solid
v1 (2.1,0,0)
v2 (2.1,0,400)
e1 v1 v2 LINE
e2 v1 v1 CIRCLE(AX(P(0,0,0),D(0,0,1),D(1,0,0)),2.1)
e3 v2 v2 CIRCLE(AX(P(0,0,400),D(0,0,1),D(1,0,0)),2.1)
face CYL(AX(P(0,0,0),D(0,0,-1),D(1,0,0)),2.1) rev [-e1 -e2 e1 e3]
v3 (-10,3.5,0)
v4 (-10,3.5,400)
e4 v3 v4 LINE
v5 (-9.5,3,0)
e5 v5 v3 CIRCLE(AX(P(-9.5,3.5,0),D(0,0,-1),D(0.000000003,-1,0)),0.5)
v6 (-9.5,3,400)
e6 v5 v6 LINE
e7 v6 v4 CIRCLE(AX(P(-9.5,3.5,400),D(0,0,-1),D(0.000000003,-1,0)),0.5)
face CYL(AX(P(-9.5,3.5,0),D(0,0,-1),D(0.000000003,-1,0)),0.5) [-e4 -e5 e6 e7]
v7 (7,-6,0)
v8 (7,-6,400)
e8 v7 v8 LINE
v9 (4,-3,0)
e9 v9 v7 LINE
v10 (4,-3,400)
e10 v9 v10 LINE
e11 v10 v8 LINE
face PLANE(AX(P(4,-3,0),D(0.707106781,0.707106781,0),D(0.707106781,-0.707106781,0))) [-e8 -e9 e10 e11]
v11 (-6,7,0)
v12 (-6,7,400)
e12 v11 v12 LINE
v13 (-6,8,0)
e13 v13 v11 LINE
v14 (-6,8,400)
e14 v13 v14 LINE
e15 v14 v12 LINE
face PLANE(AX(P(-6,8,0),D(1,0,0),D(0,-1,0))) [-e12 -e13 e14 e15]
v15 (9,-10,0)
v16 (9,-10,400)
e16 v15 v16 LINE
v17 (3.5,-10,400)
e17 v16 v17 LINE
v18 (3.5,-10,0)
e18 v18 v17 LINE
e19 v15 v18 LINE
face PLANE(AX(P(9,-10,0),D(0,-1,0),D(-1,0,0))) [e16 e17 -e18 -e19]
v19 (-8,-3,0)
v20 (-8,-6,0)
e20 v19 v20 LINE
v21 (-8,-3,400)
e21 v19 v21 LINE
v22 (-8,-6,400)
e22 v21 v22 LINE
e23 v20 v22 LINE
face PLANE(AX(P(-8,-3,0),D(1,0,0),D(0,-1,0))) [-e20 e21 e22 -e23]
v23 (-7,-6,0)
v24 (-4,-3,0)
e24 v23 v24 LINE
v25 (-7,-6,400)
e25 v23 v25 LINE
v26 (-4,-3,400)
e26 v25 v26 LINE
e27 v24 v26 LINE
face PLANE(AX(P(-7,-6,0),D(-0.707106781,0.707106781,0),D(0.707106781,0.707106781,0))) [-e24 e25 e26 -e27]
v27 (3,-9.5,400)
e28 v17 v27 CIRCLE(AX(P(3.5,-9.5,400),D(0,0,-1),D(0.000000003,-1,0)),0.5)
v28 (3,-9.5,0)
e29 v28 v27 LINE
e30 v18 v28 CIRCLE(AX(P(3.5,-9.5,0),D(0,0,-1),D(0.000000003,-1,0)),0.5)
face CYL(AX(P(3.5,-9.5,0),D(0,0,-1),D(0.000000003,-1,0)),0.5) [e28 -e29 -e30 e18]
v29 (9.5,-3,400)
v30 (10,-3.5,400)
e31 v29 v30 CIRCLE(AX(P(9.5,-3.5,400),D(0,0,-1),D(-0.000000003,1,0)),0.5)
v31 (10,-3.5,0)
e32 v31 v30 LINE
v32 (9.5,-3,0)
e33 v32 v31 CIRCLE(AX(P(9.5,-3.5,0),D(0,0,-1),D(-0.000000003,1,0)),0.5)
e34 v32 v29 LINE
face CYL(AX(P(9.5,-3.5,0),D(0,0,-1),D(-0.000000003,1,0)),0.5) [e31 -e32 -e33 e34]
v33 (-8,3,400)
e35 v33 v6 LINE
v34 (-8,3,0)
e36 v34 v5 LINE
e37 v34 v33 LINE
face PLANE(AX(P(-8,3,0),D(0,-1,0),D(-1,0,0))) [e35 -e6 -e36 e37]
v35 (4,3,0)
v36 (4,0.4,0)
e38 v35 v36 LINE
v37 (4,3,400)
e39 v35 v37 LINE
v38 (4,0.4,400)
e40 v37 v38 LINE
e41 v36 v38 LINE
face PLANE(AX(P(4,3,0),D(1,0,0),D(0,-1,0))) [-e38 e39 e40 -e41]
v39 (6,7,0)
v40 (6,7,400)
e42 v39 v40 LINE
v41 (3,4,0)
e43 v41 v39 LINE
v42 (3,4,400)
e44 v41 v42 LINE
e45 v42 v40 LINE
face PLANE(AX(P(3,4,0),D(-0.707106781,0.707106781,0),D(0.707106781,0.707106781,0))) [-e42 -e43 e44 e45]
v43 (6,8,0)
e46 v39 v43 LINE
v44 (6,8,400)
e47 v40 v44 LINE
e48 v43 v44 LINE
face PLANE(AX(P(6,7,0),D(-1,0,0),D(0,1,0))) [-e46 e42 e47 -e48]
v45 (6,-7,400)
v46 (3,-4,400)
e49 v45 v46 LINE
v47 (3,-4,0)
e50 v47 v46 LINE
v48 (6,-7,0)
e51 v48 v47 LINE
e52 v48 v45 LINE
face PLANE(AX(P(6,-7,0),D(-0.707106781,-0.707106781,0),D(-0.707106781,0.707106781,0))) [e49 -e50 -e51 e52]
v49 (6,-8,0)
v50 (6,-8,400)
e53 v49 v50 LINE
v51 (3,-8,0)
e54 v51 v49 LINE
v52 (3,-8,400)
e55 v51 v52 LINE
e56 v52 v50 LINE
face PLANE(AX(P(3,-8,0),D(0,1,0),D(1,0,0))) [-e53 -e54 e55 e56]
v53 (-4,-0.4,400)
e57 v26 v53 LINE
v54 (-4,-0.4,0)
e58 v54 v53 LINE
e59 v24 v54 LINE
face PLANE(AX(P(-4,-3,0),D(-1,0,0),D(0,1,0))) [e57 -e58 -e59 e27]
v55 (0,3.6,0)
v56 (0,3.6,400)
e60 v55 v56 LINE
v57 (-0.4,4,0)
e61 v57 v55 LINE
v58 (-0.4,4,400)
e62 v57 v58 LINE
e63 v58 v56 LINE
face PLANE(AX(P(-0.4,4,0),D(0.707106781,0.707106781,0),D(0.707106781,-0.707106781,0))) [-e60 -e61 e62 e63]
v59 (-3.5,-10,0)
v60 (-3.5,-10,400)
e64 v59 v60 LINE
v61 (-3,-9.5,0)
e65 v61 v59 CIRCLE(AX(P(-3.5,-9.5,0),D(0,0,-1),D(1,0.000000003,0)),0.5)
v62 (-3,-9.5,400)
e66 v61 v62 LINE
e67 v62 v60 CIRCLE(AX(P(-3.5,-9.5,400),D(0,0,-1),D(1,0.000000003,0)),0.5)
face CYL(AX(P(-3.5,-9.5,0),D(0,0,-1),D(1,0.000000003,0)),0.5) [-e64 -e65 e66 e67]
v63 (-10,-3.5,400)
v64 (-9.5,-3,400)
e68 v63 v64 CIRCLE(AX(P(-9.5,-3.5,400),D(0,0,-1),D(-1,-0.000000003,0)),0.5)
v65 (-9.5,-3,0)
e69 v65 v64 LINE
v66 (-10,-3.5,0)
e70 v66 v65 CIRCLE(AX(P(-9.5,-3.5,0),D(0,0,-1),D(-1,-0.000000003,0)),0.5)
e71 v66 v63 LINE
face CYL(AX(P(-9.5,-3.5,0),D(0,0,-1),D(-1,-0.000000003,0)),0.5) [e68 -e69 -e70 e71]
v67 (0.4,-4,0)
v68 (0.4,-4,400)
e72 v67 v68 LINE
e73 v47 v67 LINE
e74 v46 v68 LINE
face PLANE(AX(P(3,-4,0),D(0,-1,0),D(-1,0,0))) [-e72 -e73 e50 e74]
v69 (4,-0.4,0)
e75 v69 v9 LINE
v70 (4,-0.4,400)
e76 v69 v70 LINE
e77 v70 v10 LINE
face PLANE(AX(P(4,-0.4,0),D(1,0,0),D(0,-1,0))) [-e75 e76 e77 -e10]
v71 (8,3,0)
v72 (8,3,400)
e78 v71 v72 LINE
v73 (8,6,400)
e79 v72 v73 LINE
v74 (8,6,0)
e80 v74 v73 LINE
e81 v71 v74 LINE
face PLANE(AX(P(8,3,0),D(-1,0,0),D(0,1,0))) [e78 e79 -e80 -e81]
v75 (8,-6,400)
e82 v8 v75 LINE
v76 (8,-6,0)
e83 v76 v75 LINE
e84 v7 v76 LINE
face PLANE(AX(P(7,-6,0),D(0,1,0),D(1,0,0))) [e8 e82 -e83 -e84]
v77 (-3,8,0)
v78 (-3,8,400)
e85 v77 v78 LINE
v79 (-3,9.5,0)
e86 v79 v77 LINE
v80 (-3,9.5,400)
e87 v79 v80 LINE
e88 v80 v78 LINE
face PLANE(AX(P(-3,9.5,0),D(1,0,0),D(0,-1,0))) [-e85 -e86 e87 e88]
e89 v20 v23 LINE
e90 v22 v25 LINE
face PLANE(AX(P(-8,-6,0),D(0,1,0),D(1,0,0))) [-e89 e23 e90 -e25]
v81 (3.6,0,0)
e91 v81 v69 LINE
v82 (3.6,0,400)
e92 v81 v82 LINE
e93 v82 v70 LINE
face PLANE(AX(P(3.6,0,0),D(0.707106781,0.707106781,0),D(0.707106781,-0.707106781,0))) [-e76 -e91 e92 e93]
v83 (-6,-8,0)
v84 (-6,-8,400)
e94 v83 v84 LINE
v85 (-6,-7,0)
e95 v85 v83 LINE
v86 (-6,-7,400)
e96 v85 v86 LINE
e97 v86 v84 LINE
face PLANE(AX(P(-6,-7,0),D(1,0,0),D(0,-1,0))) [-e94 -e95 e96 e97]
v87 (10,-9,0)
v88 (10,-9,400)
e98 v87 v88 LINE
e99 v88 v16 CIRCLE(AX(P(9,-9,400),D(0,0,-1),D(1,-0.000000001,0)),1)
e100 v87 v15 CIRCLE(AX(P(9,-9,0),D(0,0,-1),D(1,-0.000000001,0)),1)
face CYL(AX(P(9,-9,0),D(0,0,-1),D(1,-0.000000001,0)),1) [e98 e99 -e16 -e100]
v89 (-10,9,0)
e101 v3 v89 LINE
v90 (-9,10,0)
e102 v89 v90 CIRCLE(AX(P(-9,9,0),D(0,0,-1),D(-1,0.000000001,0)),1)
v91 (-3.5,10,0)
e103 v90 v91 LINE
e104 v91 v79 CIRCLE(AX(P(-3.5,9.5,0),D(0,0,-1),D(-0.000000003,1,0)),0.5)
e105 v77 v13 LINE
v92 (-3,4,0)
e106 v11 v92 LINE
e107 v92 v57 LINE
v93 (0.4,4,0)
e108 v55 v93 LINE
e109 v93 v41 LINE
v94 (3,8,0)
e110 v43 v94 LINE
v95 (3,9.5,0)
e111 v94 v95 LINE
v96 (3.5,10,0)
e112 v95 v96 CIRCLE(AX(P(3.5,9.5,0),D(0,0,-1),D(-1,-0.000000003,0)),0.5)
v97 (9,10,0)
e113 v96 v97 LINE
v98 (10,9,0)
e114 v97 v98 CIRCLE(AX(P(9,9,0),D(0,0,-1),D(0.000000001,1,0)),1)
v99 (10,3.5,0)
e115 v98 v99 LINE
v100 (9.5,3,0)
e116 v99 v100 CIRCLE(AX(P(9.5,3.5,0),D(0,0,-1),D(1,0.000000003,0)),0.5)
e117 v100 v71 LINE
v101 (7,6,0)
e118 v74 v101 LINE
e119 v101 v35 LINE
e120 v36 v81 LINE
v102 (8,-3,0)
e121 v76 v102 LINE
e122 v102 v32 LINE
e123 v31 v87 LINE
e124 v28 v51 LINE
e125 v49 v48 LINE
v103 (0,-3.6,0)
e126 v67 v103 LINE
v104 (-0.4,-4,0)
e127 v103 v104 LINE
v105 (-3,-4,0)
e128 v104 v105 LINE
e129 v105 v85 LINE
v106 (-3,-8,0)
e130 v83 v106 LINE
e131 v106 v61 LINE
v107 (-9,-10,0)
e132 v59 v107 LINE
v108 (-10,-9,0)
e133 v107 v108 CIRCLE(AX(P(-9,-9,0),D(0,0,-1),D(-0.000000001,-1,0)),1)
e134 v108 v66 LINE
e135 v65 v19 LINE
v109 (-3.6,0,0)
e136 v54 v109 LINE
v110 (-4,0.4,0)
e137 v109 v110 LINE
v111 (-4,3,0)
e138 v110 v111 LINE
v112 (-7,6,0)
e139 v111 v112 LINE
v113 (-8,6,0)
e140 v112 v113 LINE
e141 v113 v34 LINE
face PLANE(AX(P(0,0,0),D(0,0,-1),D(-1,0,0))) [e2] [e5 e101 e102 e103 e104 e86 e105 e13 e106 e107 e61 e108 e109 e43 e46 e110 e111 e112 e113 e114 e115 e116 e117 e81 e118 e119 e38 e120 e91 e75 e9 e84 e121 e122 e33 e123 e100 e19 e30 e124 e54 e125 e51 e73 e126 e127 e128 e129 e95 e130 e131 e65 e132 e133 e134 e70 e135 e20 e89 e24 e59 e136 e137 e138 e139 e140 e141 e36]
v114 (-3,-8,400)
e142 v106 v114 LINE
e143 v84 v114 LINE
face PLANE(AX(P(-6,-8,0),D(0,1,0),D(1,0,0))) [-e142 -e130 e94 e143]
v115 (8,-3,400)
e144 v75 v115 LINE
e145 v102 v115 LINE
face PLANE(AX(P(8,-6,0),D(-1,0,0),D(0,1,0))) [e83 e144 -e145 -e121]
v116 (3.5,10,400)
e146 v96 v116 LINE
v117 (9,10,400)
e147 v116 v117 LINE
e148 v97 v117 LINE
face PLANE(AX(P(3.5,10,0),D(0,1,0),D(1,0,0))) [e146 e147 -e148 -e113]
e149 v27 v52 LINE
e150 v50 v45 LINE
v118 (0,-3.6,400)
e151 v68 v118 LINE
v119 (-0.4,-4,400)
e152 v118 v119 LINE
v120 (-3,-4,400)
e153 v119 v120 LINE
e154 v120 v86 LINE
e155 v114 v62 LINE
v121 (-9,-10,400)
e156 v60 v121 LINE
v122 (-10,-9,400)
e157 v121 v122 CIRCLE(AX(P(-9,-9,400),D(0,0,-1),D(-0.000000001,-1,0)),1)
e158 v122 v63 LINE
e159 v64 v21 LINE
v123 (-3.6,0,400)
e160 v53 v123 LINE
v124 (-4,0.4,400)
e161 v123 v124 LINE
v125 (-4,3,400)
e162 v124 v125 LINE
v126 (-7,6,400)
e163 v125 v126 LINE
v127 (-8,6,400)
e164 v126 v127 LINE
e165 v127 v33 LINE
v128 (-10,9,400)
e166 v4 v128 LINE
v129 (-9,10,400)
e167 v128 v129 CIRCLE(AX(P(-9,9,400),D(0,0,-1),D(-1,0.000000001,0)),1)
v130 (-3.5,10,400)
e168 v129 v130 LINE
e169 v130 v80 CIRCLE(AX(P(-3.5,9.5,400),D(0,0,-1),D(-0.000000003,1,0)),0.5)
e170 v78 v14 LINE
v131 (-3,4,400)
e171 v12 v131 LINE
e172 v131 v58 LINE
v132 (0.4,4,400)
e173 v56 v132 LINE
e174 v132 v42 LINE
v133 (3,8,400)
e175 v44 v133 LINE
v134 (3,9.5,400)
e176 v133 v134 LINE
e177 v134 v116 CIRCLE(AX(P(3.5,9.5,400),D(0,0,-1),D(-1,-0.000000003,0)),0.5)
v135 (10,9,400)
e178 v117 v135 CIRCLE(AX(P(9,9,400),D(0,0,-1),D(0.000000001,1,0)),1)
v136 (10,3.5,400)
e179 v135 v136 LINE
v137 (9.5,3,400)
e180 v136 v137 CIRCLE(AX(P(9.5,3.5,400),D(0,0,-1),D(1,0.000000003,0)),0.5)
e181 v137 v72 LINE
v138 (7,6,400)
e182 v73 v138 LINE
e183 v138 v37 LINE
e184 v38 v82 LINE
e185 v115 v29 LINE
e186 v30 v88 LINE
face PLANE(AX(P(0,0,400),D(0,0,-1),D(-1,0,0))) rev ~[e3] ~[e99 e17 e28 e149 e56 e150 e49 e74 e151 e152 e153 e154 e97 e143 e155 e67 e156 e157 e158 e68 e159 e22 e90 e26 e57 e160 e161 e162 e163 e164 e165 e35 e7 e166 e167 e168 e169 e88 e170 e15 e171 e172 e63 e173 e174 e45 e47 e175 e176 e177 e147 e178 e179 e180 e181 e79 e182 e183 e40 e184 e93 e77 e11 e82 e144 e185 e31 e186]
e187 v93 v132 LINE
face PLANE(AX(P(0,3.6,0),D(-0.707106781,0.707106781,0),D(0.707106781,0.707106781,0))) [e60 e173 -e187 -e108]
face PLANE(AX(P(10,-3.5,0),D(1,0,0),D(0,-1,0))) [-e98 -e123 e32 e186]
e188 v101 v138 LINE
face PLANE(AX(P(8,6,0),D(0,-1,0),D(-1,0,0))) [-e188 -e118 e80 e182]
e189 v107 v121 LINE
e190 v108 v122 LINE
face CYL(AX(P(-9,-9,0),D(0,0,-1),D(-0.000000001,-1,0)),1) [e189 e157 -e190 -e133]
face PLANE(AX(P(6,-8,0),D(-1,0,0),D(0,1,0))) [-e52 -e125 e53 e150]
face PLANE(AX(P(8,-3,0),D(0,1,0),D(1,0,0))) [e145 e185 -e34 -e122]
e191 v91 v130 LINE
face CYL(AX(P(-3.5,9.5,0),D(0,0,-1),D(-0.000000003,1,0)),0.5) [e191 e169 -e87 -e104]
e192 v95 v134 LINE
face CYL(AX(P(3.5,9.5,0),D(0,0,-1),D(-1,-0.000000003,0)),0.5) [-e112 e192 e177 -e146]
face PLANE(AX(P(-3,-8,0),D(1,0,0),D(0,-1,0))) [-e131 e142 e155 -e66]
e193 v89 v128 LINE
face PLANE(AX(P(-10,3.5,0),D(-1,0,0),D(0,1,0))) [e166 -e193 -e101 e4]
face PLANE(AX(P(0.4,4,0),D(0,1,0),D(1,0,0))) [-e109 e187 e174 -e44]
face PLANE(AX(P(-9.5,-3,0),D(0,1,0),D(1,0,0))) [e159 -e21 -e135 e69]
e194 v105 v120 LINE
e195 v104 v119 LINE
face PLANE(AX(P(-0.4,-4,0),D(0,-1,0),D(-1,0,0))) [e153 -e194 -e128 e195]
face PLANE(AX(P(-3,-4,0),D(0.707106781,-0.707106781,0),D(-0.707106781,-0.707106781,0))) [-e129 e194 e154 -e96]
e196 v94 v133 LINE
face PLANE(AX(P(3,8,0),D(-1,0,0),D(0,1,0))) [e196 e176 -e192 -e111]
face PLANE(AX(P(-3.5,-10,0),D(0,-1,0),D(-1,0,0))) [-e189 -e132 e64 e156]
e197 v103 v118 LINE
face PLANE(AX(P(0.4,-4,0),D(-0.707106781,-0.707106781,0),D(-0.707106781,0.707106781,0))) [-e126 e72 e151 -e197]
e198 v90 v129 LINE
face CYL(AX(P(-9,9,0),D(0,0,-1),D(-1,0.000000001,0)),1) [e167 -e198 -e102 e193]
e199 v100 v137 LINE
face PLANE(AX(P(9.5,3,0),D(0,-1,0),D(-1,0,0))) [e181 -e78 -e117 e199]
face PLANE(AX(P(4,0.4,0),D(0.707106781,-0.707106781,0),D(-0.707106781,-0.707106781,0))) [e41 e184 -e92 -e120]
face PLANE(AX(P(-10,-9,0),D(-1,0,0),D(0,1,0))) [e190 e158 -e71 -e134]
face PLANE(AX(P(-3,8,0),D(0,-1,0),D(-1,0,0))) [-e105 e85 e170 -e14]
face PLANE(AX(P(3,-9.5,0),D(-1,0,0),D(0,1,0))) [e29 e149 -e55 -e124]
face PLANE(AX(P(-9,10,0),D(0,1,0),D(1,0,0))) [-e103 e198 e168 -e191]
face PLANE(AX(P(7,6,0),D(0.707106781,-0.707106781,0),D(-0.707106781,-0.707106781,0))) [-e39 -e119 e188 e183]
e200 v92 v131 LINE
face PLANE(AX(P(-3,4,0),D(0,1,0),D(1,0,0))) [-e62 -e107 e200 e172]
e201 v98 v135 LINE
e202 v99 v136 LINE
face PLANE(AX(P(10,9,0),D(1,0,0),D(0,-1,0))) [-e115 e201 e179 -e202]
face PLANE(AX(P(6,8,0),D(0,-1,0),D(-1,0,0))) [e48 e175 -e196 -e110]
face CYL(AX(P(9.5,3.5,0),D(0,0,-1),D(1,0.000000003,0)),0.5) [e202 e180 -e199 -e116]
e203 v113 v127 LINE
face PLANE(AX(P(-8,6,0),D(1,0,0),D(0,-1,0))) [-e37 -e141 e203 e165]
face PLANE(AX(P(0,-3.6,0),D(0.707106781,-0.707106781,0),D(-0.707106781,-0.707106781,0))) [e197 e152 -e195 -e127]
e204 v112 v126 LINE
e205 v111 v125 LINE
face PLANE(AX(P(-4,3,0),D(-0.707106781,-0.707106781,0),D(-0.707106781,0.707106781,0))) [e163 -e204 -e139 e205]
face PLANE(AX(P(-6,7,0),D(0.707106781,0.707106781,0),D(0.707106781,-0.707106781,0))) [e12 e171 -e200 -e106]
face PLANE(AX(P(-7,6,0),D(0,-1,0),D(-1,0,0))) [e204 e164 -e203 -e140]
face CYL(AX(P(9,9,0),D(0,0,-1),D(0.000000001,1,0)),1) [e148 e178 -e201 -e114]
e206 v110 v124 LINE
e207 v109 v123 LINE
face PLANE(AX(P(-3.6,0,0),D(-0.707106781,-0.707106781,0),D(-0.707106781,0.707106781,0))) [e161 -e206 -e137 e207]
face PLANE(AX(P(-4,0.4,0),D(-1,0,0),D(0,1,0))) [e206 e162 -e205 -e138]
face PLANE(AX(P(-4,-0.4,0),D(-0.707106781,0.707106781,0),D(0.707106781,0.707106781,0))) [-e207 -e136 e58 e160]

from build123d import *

# Parameters (mm, degrees)
SCHIZZO1_R                   = 2.1
ESTRUSIONE_ESTRUSIONE1_DEPTH = 400


with BuildPart() as part:
    # Schizzo1 → Estrusione-Estrusione1 (new body)
    with BuildSketch(Plane.XY):
        with BuildLine():
            Line((-3.6, 0), (-4, 0.4))
            Line((-4, 0.4), (-4, 3))
            Line((-4, 3), (-7, 6))
            Line((-7, 6), (-8, 6))
            Line((-8, 6), (-8, 3))
            Line((-8, 3), (-9.5, 3))
            ThreePointArc((-9.5, 3), (-9.853553391, 3.146446609), (-10, 3.5))
            Line((-10, 3.5), (-10, 9))
            ThreePointArc((-10, 9), (-9.707106781, 9.707106781), (-9, 10))
            Line((-9, 10), (-3.5, 10))
            ThreePointArc((-3.5, 10), (-3.146446609, 9.853553391), (-3, 9.5))
            Line((-3, 9.5), (-3, 8))
            Line((-3, 8), (-6, 8))
            Line((-6, 8), (-6, 7))
            Line((-6, 7), (-3, 4))
            Line((-3, 4), (-0.4, 4))
            Line((-0.4, 4), (0, 3.6))
            Line((0, 3.6), (0.4, 4))
            Line((0.4, 4), (3, 4))
            Line((3, 4), (6, 7))
            Line((6, 7), (6, 8))
            Line((6, 8), (3, 8))
            Line((3, 8), (3, 9.5))
            ThreePointArc((3, 9.5), (3.146446609, 9.853553391), (3.5, 10))
            Line((3.5, 10), (9, 10))
            ThreePointArc((9, 10), (9.707106781, 9.707106781), (10, 9))
            Line((10, 9), (10, 3.5))
            ThreePointArc((10, 3.5), (9.853553391, 3.146446609), (9.5, 3))
            Line((9.5, 3), (8, 3))
            Line((8, 3), (8, 6))
            Line((8, 6), (7, 6))
            Line((7, 6), (4, 3))
            Line((4, 3), (4, 0.4))
            Line((4, 0.4), (3.6, 0))
            Line((3.6, 0), (4, -0.4))
            Line((4, -0.4), (4, -3))
            Line((4, -3), (7, -6))
            Line((7, -6), (8, -6))
            Line((8, -6), (8, -3))
            Line((8, -3), (9.5, -3))
            ThreePointArc((9.5, -3), (9.853553391, -3.146446609), (10, -3.5))
            Line((10, -3.5), (10, -9))
            ThreePointArc((10, -9), (9.707106781, -9.707106781), (9, -10))
            Line((9, -10), (3.5, -10))
            ThreePointArc((3.5, -10), (3.146446609, -9.853553391), (3, -9.5))
            Line((3, -9.5), (3, -8))
            Line((3, -8), (6, -8))
            Line((6, -8), (6, -7))
            Line((6, -7), (3, -4))
            Line((3, -4), (0.4, -4))
            Line((0.4, -4), (0, -3.6))
            Line((0, -3.6), (-0.4, -4))
            Line((-0.4, -4), (-3, -4))
            Line((-3, -4), (-6, -7))
            Line((-6, -7), (-6, -8))
            Line((-6, -8), (-3, -8))
            Line((-3, -8), (-3, -9.5))
            ThreePointArc((-3, -9.5), (-3.146446609, -9.853553391), (-3.5, -10))
            Line((-3.5, -10), (-9, -10))
            ThreePointArc((-9, -10), (-9.707106781, -9.707106781), (-10, -9))
            Line((-10, -9), (-10, -3.5))
            ThreePointArc((-10, -3.5), (-9.853553391, -3.146446609), (-9.5, -3))
            Line((-9.5, -3), (-8, -3))
            Line((-8, -3), (-8, -6))
            Line((-8, -6), (-7, -6))
            Line((-7, -6), (-4, -3))
            Line((-4, -3), (-4, -0.4))
            Line((-4, -0.4), (-3.6, 0))
        make_face()
        Circle(SCHIZZO1_R, mode=Mode.SUBTRACT)
    extrude(amount=ESTRUSIONE_ESTRUSIONE1_DEPTH)


solid = part.part
